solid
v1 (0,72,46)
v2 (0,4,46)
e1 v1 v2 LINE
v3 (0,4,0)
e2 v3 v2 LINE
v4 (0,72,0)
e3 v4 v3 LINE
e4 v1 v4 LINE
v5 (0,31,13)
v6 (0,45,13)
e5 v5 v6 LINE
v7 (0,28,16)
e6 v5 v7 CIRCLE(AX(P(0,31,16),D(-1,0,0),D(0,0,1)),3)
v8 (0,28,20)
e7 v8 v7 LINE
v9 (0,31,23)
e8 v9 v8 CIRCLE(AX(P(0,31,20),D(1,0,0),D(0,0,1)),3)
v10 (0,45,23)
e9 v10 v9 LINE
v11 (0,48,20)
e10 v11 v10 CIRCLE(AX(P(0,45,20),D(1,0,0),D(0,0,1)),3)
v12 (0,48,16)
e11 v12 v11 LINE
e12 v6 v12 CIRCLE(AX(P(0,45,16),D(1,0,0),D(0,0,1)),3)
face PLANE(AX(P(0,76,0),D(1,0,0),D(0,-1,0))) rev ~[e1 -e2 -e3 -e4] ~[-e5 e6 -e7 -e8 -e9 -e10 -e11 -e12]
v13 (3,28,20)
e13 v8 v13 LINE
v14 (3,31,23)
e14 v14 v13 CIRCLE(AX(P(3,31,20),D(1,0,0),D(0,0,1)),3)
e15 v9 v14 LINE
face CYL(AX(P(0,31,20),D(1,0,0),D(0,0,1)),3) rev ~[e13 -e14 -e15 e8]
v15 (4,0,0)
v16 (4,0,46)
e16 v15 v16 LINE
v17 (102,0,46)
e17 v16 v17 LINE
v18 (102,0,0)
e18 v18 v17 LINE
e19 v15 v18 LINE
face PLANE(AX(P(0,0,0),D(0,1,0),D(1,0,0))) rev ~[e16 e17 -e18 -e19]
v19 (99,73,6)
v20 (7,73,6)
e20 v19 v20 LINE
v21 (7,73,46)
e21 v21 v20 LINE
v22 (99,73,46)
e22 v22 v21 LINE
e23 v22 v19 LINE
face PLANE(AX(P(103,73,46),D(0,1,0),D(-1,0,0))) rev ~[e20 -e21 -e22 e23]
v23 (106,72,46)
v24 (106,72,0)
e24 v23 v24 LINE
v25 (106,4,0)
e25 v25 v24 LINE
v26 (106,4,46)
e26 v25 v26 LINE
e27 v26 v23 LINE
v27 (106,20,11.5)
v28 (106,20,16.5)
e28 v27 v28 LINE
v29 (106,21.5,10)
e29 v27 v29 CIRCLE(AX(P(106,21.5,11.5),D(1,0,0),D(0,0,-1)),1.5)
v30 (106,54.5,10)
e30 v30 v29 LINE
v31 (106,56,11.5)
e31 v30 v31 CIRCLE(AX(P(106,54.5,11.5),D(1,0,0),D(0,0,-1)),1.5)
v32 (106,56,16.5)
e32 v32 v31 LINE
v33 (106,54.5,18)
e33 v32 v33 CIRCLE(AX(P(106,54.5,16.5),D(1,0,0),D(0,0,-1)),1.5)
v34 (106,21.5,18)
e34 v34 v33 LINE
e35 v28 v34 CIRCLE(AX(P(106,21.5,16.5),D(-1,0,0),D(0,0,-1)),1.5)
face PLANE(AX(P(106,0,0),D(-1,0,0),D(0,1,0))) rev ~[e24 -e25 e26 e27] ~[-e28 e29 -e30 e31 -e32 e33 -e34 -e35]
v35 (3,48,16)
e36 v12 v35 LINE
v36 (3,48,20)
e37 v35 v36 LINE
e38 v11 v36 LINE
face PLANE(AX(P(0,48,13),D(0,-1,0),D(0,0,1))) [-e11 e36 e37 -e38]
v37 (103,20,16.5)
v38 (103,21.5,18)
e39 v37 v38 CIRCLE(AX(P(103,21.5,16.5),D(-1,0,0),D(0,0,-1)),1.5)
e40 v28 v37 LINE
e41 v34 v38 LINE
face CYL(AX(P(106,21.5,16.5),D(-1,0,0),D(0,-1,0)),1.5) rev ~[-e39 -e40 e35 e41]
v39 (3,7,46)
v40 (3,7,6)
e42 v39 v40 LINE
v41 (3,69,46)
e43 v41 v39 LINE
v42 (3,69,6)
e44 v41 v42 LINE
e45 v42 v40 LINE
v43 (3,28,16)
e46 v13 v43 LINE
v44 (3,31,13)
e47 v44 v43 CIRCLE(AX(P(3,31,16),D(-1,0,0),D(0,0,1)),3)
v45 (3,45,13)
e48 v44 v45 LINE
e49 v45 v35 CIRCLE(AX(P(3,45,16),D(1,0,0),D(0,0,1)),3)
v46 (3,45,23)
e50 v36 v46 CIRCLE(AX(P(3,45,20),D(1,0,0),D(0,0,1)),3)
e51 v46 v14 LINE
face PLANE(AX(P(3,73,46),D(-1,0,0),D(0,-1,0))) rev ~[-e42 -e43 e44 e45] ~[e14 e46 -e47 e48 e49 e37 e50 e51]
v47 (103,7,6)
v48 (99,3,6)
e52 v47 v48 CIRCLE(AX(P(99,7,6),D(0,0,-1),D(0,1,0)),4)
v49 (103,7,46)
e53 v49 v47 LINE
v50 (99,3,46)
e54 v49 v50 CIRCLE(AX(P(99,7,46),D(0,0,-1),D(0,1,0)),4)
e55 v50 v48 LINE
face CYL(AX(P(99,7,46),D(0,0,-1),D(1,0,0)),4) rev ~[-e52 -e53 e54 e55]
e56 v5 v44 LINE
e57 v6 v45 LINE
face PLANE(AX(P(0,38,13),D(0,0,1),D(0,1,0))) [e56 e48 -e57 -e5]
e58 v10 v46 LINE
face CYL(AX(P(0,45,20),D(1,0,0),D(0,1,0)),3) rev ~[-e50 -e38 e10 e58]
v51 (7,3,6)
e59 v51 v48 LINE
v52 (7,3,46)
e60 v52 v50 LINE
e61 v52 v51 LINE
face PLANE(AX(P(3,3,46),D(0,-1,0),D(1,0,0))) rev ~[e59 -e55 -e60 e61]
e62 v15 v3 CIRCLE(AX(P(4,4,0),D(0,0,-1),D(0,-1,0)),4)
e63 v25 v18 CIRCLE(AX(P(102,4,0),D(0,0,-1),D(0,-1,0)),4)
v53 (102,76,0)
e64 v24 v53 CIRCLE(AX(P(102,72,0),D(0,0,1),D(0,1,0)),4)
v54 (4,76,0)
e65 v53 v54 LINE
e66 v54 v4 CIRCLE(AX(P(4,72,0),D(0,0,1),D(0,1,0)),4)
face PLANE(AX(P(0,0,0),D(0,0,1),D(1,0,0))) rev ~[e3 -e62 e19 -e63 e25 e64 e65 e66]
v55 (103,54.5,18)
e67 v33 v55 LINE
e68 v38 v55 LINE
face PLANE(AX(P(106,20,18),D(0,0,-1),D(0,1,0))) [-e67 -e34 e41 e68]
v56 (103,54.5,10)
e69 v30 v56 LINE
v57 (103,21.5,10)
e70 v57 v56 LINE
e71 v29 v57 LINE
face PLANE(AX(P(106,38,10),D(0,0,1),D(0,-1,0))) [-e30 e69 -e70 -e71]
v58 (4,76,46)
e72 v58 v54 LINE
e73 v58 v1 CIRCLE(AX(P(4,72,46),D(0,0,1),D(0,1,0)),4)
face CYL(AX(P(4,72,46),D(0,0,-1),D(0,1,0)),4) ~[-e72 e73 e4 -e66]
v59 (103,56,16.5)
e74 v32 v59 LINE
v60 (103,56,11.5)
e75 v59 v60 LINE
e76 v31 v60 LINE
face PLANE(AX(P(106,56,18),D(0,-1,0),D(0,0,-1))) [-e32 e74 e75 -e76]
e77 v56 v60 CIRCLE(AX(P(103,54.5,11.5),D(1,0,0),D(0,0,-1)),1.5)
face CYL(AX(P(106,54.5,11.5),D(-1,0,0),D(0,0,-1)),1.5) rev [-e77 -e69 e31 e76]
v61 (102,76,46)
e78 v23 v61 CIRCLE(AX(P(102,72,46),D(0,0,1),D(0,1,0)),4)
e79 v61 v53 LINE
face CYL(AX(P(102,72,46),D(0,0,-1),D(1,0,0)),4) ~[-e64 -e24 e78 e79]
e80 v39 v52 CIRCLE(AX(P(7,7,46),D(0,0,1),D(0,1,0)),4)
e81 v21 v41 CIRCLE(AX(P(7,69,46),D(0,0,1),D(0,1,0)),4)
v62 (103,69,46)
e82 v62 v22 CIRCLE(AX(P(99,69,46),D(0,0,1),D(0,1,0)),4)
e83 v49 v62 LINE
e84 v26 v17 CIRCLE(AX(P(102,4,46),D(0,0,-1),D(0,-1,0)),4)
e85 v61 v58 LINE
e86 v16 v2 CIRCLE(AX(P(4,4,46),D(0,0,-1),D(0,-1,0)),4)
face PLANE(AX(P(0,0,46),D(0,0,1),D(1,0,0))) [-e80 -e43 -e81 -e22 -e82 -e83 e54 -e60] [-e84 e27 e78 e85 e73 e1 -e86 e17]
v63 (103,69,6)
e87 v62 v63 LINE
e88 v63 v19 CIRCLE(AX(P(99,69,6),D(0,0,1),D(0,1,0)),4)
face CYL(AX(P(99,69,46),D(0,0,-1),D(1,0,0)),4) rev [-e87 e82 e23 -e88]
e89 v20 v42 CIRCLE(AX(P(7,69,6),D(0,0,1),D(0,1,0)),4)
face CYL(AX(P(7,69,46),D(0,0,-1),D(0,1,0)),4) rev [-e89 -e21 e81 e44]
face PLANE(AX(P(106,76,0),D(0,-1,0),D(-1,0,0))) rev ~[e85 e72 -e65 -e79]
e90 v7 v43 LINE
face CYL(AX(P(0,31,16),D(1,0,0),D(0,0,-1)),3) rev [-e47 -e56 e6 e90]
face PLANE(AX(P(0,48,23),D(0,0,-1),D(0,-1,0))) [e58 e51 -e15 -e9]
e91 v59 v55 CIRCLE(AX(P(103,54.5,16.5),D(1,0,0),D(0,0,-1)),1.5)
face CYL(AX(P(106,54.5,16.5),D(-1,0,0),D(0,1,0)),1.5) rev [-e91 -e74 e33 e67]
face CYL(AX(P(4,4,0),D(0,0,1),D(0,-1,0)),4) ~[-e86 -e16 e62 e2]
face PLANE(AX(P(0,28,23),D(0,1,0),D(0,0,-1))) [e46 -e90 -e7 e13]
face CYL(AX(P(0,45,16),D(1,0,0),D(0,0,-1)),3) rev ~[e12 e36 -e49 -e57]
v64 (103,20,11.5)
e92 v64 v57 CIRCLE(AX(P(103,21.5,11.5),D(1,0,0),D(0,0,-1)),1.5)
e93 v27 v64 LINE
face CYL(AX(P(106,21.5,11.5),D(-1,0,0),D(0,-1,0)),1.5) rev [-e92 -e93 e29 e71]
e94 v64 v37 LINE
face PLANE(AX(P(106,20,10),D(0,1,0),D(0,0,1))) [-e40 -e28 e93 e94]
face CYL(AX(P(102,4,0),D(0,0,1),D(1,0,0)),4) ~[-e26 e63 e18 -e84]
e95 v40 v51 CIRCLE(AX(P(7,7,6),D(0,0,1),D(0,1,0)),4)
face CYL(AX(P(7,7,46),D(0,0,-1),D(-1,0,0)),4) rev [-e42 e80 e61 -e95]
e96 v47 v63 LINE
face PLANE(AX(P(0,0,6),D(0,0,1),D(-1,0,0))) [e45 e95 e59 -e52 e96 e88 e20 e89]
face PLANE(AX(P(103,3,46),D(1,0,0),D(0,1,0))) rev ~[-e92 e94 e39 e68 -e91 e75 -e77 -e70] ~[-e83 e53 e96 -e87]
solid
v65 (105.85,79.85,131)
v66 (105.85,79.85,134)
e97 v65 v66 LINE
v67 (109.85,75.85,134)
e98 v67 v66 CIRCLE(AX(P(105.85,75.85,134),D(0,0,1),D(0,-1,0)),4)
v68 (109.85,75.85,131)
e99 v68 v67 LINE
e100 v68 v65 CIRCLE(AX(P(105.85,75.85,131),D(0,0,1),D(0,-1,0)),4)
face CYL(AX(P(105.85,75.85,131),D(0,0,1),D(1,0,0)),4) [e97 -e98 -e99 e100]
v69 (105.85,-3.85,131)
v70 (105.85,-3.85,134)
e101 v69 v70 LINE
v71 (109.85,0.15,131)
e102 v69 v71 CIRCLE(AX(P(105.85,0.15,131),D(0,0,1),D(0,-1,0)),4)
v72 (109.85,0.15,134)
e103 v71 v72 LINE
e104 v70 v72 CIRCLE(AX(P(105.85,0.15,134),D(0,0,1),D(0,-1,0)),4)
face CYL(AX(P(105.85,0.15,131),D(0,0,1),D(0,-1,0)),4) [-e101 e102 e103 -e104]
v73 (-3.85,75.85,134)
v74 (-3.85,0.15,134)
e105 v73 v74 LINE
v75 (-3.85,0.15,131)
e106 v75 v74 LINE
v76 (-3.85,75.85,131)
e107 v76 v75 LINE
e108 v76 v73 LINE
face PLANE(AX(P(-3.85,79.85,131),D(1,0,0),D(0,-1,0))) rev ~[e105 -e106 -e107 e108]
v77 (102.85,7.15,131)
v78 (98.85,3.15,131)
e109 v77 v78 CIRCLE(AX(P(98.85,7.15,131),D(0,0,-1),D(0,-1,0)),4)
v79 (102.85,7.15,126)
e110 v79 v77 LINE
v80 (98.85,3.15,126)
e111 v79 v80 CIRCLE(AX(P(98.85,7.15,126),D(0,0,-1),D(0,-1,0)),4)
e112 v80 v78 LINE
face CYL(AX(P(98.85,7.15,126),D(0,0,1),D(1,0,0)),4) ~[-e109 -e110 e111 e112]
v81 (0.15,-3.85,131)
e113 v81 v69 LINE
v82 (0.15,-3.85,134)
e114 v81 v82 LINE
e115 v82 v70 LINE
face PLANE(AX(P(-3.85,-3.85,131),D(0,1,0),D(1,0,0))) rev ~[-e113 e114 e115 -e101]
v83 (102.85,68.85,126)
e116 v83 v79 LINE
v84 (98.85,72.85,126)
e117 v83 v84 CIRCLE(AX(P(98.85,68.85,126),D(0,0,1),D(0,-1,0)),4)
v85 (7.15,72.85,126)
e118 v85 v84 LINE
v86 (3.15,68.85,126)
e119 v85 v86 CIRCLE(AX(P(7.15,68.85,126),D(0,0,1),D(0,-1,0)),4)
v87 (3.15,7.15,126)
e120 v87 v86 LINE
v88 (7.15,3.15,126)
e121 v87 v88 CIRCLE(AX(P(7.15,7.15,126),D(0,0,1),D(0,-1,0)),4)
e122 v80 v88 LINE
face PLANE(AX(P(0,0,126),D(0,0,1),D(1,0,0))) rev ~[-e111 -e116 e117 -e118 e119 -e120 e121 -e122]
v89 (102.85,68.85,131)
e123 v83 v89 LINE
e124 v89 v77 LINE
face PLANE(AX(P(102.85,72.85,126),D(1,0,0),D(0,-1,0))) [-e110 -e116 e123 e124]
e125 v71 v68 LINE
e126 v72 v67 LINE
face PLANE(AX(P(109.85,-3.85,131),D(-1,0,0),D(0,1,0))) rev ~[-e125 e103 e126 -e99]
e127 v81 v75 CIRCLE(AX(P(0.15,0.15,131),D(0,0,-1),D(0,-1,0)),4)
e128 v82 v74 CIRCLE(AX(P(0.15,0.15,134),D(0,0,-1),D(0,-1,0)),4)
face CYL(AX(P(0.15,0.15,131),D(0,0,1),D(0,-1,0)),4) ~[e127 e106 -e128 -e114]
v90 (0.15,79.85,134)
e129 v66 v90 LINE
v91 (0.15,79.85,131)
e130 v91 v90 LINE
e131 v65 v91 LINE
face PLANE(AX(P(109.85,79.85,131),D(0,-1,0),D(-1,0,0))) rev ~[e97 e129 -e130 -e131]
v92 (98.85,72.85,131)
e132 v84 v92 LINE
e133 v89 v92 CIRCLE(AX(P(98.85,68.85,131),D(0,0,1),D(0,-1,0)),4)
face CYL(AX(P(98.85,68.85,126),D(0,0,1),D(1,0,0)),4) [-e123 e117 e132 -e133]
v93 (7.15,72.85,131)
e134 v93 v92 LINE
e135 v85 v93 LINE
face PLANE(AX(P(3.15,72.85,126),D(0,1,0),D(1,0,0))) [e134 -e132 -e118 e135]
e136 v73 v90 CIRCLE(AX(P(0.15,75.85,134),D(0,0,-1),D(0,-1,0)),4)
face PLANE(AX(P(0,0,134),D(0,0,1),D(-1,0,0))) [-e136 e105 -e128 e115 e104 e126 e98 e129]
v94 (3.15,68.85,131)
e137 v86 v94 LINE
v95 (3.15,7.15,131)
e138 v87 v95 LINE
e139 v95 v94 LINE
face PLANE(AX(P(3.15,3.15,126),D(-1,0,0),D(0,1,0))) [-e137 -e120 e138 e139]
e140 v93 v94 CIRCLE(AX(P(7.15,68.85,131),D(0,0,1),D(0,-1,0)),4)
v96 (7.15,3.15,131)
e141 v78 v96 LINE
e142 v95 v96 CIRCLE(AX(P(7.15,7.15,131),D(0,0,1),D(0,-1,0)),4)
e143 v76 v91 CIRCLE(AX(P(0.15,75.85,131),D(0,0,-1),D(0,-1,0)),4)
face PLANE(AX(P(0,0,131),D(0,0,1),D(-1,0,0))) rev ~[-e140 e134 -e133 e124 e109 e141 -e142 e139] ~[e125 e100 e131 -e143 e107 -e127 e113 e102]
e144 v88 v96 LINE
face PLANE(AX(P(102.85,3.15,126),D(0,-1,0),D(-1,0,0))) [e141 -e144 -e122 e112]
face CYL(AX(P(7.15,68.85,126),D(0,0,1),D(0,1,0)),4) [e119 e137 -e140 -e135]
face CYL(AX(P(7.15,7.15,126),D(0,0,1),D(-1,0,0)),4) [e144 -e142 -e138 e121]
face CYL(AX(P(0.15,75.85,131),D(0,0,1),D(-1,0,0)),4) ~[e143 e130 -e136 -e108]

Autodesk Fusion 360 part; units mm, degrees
sketch "Sketch1" plane through (0, 0, 0) normal (0, 0, 1) x (1, 0, 0)
  line L0 (0, 0) -> (106, 0)
  line L1 (106, 0) -> (106, 76)
  line L2 (106, 76) -> (0, 76)
  line L3 (0, 76) -> (0, 0)
  dimension "d1" = 106
  dimension "d2" = 76
extrude "Extrude1" add sketch "Sketch1" along normal blind 3 makes body 1
extrude "Extrude2" add 1 faces at (35.3333, 50.6667, 3) along direction (0, 0, 1) blind 43 on bodies 1 bodies 1
sketch "Sketch2" plane through (0, 0, 46) normal (0, 0, 1) x (-1, 0, 0)
  line L0 (0, -76) -> (0, 0)
  line L1 (0, 0) -> (-106, 0)
  line L2 (-106, 0) -> (-106, -76)
  line L3 (-106, -76) -> (0, -76)
  line L4 (-3, -73) -> (-3, -3)
  line L5 (-3, -3) -> (-103, -3)
  line L6 (-103, -3) -> (-103, -73)
  line L7 (-103, -73) -> (-3, -73)
  dimension "d7" = -3
extrude "Extrude3" cut sketch "Sketch2" against normal blind 40 contours L4 L5 L6 L7 bodies 1
ref_plane "WorkPlane1" through (53, 38, 126) normal (0, 0, 1) x (1, 0, 0)
sketch "Sketch3" plane through (0, 0, 126) normal (0, 0, 1) x (1, 0, 0)
  line L0 (3, 73) -> (103, 73)
  line L1 (103, 73) -> (103, 3)
  line L2 (103, 3) -> (3, 3)
  line L3 (3, 3) -> (3, 73)
  line L4 (102.85, 3.15) -> (3.15, 3.15)
  line L5 (3.15, 3.15) -> (3.15, 72.85)
  line L6 (3.15, 72.85) -> (102.85, 72.85)
  line L7 (102.85, 72.85) -> (102.85, 3.15)
  point P0 (3, 73)
  point P1 (103, 3)
  dimension "d12" = 0.15
extrude "Extrude4" add sketch "Sketch3" along normal blind 5 separate body contours L4 L5 L6 L7 makes body 2
sketch "Sketch4" plane through (0, 0, 131) normal (0, 0, 1) x (-1, 0, 0)
  line L0 (-102.85, -72.85) -> (-3.15, -72.85)
  line L1 (-3.15, -72.85) -> (-3.15, -3.15)
  line L2 (-3.15, -3.15) -> (-102.85, -3.15)
  line L3 (-102.85, -3.15) -> (-102.85, -72.85)
  line L4 (-109.85, 3.85) -> (-109.85, -79.85)
  line L5 (-109.85, -79.85) -> (3.85, -79.85)
  line L6 (3.85, -79.85) -> (3.85, 3.85)
  line L7 (3.85, 3.85) -> (-109.85, 3.85)
  dimension "d15" = 7
extrude "Extrude5" add sketch "Sketch4" along normal blind 3 contours L0 L1 L2 L3 | L4 L5 L6 L7 bodies 2
sketch "Sketch5" plane through (106, 0, 0) normal (1, 0, 0) x (0, 1, 0)
  line L0 (0, 0) -> (76, 0)
  line L1 (76, 0) -> (76, 46)
  line L2 (76, 46) -> (0, 46)
  line L3 (0, 46) -> (0, 0)
  line L4 (20, 18) -> (56, 18)
  line L5 (56, 18) -> (56, 10)
  line L6 (56, 10) -> (20, 10)
  line L7 (20, 10) -> (20, 18)
  line L8 (38, 10) -> (38, 0)
  dimension "d24" = 8
  dimension "d25" = 36
  dimension "d36" = 10
extrude "Extrude6" cut sketch "Sketch5" against normal blind 19 contours L4 L5 L6 L7 bodies 1
sketch "Sketch6" plane through (0, 0, 0) normal (-1, 0, 0) x (0, -1, 0)
  line L0 (-76, 0) -> (0, 0)
  line L1 (0, 0) -> (0, 46)
  line L2 (0, 46) -> (-76, 46)
  line L3 (-76, 46) -> (-76, 0)
  line L4 (-48, 23) -> (-28, 23)
  line L5 (-28, 23) -> (-28, 13)
  line L6 (-28, 13) -> (-48, 13)
  line L7 (-48, 13) -> (-48, 23)
  line L8 (-38, 13) -> (-38, 0)
  dimension "d20" = 20
  dimension "d21" = 10
  dimension "d29" = 13
extrude "Extrude7" cut sketch "Sketch6" against normal blind 30 contours L4 L5 L6 L7 bodies 1
fillet "Fillet1" radius 3 4 edges at (1.5, 48, 23) (1.5, 28, 23) (1.5, 28, 13) (1.5, 48, 13) on bodies 1
fillet "Fillet2" radius 1.5 4 edges at (104.5, 56, 18) (104.5, 56, 10) (104.5, 20, 10) (104.5, 20, 18) on bodies 1
fillet "Fillet3" radius 4 16 edges at (106, 76, 23) (103, 73, 26) (103, 3, 26) (3, 3, 26) (0, 0, 23) (3, 73, 26) (0, 76, 23) (106, 0, 23) (102.85, 72.85, 128.5) (102.85, 3.15, 128.5) (3.15, 3.15, 128.5) (3.15, 72.85, 128.5) (-3.85, 79.85, 132.5) (109.85, 79.85, 132.5) (109.85, -3.85, 132.5) (-3.85, -3.85, 132.5) on bodies 1 2
